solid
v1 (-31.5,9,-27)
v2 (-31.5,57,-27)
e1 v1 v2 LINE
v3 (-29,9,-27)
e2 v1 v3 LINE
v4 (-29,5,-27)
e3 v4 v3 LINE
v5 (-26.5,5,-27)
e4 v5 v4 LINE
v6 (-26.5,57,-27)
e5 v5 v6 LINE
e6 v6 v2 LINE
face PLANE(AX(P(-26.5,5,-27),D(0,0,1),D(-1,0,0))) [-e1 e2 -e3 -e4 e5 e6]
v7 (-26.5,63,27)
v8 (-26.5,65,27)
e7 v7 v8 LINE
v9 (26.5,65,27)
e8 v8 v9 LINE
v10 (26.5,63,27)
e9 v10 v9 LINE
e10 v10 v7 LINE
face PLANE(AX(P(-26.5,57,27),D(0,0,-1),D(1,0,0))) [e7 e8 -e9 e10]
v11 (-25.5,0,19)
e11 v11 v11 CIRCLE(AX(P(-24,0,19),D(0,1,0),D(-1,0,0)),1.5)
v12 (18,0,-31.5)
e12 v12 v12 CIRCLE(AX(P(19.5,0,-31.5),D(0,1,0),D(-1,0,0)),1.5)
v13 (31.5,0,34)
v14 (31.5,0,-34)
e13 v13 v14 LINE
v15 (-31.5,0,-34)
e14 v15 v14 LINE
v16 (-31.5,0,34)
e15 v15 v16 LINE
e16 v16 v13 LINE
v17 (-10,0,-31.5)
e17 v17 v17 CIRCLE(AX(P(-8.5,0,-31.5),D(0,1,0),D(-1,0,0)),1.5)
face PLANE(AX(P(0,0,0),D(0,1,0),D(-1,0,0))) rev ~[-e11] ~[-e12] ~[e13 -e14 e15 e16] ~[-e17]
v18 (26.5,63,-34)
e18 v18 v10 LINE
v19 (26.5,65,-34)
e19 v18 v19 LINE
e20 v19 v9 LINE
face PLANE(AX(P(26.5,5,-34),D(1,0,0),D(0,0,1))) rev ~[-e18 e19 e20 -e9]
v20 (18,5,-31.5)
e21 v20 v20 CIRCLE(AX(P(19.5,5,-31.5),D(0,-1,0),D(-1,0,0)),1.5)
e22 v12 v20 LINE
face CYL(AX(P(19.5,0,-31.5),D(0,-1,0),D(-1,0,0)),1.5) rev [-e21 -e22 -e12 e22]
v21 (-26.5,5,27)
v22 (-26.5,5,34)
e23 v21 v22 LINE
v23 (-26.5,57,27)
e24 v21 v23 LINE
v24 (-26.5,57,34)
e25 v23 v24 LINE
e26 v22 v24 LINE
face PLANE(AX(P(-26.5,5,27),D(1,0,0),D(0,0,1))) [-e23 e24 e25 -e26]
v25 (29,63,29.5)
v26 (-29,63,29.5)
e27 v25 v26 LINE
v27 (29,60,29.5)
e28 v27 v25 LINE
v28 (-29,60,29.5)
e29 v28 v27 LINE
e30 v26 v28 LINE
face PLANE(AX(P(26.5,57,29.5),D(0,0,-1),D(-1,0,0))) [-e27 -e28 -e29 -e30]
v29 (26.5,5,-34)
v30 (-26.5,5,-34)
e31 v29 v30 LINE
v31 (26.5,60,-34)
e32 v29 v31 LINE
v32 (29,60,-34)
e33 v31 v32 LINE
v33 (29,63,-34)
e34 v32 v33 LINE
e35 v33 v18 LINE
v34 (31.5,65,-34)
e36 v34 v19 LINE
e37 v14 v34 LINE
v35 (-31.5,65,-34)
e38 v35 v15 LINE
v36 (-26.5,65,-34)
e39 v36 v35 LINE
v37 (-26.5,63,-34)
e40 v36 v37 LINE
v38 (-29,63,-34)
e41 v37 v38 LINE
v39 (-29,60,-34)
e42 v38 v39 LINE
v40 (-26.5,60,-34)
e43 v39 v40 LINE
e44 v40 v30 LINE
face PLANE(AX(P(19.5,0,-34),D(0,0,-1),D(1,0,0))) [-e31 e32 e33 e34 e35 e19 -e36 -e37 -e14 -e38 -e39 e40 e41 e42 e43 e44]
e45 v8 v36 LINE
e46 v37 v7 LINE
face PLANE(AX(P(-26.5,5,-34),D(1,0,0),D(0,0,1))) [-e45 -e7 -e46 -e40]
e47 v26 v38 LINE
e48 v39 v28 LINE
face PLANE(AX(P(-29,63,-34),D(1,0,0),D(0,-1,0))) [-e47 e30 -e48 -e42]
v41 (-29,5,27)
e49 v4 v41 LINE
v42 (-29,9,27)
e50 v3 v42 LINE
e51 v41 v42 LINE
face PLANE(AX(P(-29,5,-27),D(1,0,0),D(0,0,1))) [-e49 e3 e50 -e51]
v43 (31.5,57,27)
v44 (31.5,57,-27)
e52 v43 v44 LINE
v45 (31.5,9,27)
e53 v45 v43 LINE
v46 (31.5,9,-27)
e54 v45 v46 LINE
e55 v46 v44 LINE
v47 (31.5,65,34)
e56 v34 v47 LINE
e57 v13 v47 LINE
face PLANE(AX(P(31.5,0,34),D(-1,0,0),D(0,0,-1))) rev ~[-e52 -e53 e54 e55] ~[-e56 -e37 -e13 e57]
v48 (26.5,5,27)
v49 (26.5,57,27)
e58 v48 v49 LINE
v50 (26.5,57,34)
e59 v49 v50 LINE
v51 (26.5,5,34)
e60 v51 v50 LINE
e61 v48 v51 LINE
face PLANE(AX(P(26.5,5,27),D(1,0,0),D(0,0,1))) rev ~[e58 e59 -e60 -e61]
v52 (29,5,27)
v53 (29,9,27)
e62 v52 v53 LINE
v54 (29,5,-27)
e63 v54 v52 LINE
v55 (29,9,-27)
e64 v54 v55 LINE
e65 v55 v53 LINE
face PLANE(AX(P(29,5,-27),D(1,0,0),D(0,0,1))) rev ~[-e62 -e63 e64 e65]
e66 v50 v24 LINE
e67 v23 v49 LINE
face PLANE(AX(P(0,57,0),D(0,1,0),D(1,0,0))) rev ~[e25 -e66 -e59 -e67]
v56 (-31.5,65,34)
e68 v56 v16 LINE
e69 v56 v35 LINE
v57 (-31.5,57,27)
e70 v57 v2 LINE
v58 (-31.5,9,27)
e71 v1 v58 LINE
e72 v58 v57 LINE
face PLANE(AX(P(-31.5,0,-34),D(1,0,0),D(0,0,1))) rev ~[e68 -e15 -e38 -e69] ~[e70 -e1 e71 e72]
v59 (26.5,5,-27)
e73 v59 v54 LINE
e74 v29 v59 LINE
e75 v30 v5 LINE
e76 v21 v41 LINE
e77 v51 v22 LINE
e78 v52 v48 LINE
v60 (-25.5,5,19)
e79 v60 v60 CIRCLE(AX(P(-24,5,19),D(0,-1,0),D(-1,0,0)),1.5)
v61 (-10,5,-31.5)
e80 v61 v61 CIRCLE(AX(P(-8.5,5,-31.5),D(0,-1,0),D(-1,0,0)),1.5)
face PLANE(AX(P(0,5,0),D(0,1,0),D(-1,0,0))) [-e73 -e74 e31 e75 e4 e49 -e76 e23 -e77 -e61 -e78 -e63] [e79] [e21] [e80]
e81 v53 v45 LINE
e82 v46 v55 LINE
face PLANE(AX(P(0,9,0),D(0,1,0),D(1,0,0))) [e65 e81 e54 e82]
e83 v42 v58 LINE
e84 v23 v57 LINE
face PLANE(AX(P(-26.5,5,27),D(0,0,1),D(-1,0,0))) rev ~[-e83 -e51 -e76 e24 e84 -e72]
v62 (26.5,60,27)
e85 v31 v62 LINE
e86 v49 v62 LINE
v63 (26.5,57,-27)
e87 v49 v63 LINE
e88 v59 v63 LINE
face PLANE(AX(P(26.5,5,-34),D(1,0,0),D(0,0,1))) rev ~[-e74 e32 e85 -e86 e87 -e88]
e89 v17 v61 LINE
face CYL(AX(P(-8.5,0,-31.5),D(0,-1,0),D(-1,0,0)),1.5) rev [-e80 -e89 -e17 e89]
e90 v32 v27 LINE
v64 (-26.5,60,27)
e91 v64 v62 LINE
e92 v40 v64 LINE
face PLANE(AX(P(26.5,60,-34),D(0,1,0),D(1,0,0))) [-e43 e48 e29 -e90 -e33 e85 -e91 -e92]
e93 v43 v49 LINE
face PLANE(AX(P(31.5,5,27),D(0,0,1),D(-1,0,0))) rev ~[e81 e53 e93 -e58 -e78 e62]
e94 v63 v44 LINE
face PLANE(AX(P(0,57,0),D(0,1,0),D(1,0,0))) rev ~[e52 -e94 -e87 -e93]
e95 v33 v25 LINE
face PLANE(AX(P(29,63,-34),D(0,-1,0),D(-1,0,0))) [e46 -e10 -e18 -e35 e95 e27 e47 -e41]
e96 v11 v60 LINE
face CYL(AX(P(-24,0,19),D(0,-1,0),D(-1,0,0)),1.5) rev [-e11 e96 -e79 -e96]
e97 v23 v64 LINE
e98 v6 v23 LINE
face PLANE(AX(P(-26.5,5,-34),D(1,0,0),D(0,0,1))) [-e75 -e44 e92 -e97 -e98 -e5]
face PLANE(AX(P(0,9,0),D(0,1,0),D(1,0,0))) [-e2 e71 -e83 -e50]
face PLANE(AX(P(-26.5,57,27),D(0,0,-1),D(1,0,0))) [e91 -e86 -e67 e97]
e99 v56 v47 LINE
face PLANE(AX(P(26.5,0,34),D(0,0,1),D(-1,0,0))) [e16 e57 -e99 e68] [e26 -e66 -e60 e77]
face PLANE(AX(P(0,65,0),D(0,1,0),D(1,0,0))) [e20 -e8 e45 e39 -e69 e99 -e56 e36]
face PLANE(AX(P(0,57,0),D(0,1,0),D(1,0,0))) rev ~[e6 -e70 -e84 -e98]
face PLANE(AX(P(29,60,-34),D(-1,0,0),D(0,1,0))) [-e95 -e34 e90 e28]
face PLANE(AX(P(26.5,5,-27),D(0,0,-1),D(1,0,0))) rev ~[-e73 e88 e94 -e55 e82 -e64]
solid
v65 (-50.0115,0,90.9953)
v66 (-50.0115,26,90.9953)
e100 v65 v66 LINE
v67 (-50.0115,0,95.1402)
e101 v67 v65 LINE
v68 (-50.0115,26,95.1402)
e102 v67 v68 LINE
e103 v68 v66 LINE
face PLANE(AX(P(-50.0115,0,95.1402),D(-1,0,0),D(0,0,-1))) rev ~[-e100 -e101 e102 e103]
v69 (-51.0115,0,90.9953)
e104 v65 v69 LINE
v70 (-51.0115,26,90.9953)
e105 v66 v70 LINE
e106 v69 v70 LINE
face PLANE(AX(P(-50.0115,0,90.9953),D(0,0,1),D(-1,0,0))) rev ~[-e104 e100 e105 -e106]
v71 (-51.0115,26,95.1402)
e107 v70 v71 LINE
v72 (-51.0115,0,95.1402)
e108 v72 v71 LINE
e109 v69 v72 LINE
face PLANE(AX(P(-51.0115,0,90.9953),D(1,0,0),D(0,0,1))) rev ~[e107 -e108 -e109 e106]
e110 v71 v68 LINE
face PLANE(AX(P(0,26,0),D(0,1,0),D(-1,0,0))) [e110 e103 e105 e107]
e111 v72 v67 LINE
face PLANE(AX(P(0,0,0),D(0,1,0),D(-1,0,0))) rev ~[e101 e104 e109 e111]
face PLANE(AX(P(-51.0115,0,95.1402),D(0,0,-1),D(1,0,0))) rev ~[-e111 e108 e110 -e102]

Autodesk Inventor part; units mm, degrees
ref_plane "YZ Plane" through (0, 0, 0) normal (1, 0, 0) x (0, 1, 0)
ref_plane "XZ Plane" through (0, 0, 0) normal (0, 1, 0) x (-1, 0, 0)
ref_plane "XY Plane" through (0, 0, 0) normal (0, 0, 1) x (1, 0, 0)
sketch "Sketch1" plane through (0, 0, 0) normal (0, 1, 0) x (-1, 0, 0)
  line L0 (-26.5, 34) -> (26.5, 34)
  line L1 (26.5, 34) -> (26.5, -34)
  line L2 (26.5, -34) -> (-26.5, -34)
  line L3 (-26.5, -34) -> (-26.5, 34)
  line L4 (-26.5, 34) -> (26.5, -34) construction
  line L5 (26.5, 34) -> (-26.5, -34) construction
  line L6 (26.5, 34) -> (26.5, 19)
  line L7 (-26.5, -34) -> (-19.5, -34)
  line L8 (-26.5, -34) -> (8.5, -34)
  circle A0 centre (8.5, -31.5) radius 1.5
  circle A1 centre (-19.5, -31.5) radius 1.5
  line L9 (-19.5, -33) -> (-19.5, -34)
  line L10 (8.5, -33) -> (8.5, -34)
  circle A2 centre (-19.5, -31.5) radius 1.5
  circle A3 centre (24, 19) radius 1.5
  line L11 (25.5, 19) -> (26.5, 19)
  line L12 (26.5, 19) -> (25.5, 19)
  line L13 (24, 19) -> (0, 19)
  line L14 (0, 19) -> (0, 0)
  line L15 (0, 0) -> (8.5, -31.5)
  line L16 (8.5, -31.5) -> (0, -31.5)
  line L17 (-19.5, -31.5) -> (-19.5, 0)
  line L18 (-19.5, 0) -> (0, 0)
  line L19 (26.5, 34) -> (31.5, 34)
  line L20 (-31.5, -34) -> (31.5, -34)
  line L21 (31.5, -34) -> (31.5, 34)
  line L22 (31.5, 34) -> (-31.5, 34)
  line L23 (-31.5, 34) -> (-31.5, -34)
  line L24 (-31.5, -34) -> (31.5, 34) construction
  line L25 (31.5, -34) -> (-31.5, 34) construction
  dimension "d5" = 3
  dimension "d6" = 3
  dimension "d7" = 3
  dimension "d0" = 53
  dimension "d1" = 68
  dimension "d2" = 15
  dimension "d3" = 7
  dimension "d4" = 35
  dimension "d8" = 1
  dimension "d9" = 1
  dimension "d10" = 5
extrude "Extrusion1" add sketch "Sketch1" along normal blind 5 contours L0 L1 L11 A3 L13 L14 L18 L17 A1 L9 L2 L3 | L3 L20 L23 L22 | L19 L21 L20 L1 | L1 L2 L10 A0 L15 L14 L13 A3 L11 | L9 A1 L17 L18 L15 A0 L10 L2
sketch "Sketch2" plane through (0, 0, 0) normal (0, 1, 0) x (-1, 0, 0)
  line L0 (51.0115, 95.1402) -> (50.0115, 95.1402)
  line L1 (50.0115, 95.1402) -> (50.0115, 90.9953)
  line L2 (50.0115, 90.9953) -> (51.0115, 90.9953)
  line L3 (51.0115, 90.9953) -> (51.0115, 95.1402)
  point P0 (0, 0)
  dimension "d13" = 1
extrude "Extrusion2" add sketch "Sketch2" along normal blind 26
sketch "Sketch3" plane through (0, 5, 0) normal (0, 1, 0) x (1, 0, 0)
  line L0 (31.5, -34) -> (-31.5, -34)
  line L1 (-31.5, -34) -> (-31.5, 34)
  line L2 (-31.5, 34) -> (31.5, 34)
  line L3 (31.5, 34) -> (31.5, -34)
  line L4 (31.5, -34) -> (-31.5, 34) construction
  line L5 (-31.5, -34) -> (31.5, 34) construction
  line L6 (-31.5, -34) -> (31.5, -34) projected
  line L7 (-31.5, 34) -> (-26.5, 34)
  line L8 (-26.5, 34) -> (-26.5, -34)
  line L9 (-26.5, -34) -> (-31.5, -34)
  line L10 (-31.5, -34) -> (-31.5, 34)
  line L11 (31.5, -34) -> (31.5, 34) projected
  line L12 (31.5, 34) -> (26.5, 34)
  line L13 (26.5, 34) -> (26.5, -34)
  line L14 (26.5, -34) -> (31.5, -34)
  line L15 (31.5, -34) -> (31.5, 34)
  line L16 (-31.5, -34) -> (-26.5, -34)
  line L17 (-26.5, -34) -> (-26.5, -27)
  line L18 (-26.5, -27) -> (-31.5, -27)
  line L19 (-31.5, -27) -> (-31.5, -34)
  line L20 (-31.5, 34) -> (-26.5, 34)
  line L21 (-26.5, 34) -> (-26.5, 27)
  line L22 (-26.5, 27) -> (-31.5, 27)
  line L23 (-31.5, 27) -> (-31.5, 34)
  line L24 (31.5, 34) -> (26.5, 34)
  line L25 (26.5, 34) -> (26.5, 27)
  line L26 (26.5, 27) -> (31.5, 27)
  line L27 (31.5, 27) -> (31.5, 34)
  line L28 (26.5, -34) -> (31.5, -34)
  line L29 (31.5, -34) -> (31.5, -27)
  line L30 (31.5, -27) -> (26.5, -27)
  line L31 (26.5, -27) -> (26.5, -34)
  point P0 (0, 0)
  dimension "d16" = 5
  dimension "d17" = 5
  dimension "d18" = 5
  dimension "d19" = 7
  dimension "d20" = 5
  dimension "d21" = 7
  dimension "d22" = 5
  dimension "d23" = 7
  dimension "d24" = 5
  dimension "d25" = 7
extrude "Extrusion3" add sketch "Sketch3" along normal blind 52 contours L0 L13 L30 L3 | L0 L1 L18 L8 | L26 L13 L2 L3 | L22 L1 L2 L8
sketch "Sketch4" plane through (0, 5, 0) normal (0, 1, 0) x (1, 0, 0)
  line L0 (-31.5, 27) -> (-31.5, -27) projected
  line L1 (-26.5, -27) -> (-26.5, -34) projected
  line L2 (-31.5, 27) -> (-26.5, 27)
  line L3 (-26.5, 27) -> (-26.5, -27)
  line L4 (-26.5, -27) -> (-31.5, -27)
  line L5 (-31.5, -27) -> (-31.5, 27)
  line L6 (31.5, -27) -> (31.5, 27) projected
  line L7 (31.5, 27) -> (26.5, 27)
  line L8 (26.5, 27) -> (26.5, -27)
  line L9 (26.5, -27) -> (31.5, -27)
  line L10 (31.5, -27) -> (31.5, 27)
  line L11 (31.5, -27) -> (26.5, -27) projected
  line L12 (31.5, 27) -> (29, 27)
  line L13 (29, 27) -> (29, -27)
  line L14 (29, -27) -> (31.5, -27)
  line L15 (31.5, -27) -> (31.5, 27)
  line L16 (-26.5, -27) -> (-31.5, -27) projected
  line L17 (-31.5, 27) -> (-29, 27)
  line L18 (-29, 27) -> (-29, -27)
  line L19 (-29, -27) -> (-31.5, -27)
  line L20 (-31.5, -27) -> (-31.5, 27)
  point P0 (0, 0)
extrude "Extrusion4" add sketch "Sketch4" along normal blind 4 contours L2 L18 L4 L0 | L9 L13 L7 L6
sketch "Sketch5" plane through (0, 57, 0) normal (0, 1, 0) x (1, 0, 0)
  line L0 (31.5, 34) -> (-31.5, 34) projected
  line L1 (-26.5, -34) -> (-26.5, -27) projected
  line L2 (-31.5, 34) -> (-26.5, 34)
  line L3 (-26.5, 34) -> (-26.5, -34)
  line L4 (-26.5, -34) -> (-31.5, -34)
  line L5 (-31.5, -34) -> (-31.5, 34)
  line L6 (-26.5, -27) -> (31.5, -27)
  line L7 (31.5, -27) -> (31.5, -34)
  line L8 (31.5, -34) -> (-26.5, -34)
  line L9 (-26.5, -34) -> (-26.5, -27)
  line L10 (26.5, -27) -> (26.5, -34) projected
  line L11 (26.5, -27) -> (31.5, -27)
  line L12 (31.5, -27) -> (31.5, 34)
  line L13 (31.5, 34) -> (26.5, 34)
  line L14 (26.5, 34) -> (26.5, -27)
  line L15 (-26.5, 27) -> (-26.5, 34) projected
  line L16 (-26.5, 34) -> (-26.5, 27)
  line L17 (26.5, 27) -> (26.5, 34)
  point P0 (0, 0)
extrude "Extrusion5" add sketch "Sketch5" along normal blind 8 contours L12 L6 L14 L0 | L7 L8 L10 L6 | L3 L1 L4 L5 L0 | L10 L8 L1 L6
sketch "Sketch6" plane through (31.5, 0, -34) normal (0, 0, -1) x (-1, 0, 0)
  line L0 (0, 0) -> (0, 65) projected
  line L1 (5, 5) -> (5, 57) projected
  line L2 (0, 65) -> (5, 65)
  line L3 (5, 63) -> (5, 60)
  line L4 (5, 57) -> (0, 57)
  line L5 (0, 57) -> (0, 65)
  line L6 (58, 5) -> (58, 57) projected
  line L7 (63, 0) -> (63, 65) projected
  line L8 (58, 57) -> (63, 57)
  line L9 (63, 57) -> (63, 65)
  line L10 (63, 65) -> (58, 65)
  line L11 (58, 65) -> (58, 57)
  line L12 (5, 57) -> (5, 60)
  line L13 (5, 5) -> (5, 65) projected
  line L14 (5, 60) -> (2.5, 60)
  line L15 (2.5, 60) -> (2.5, 63)
  line L16 (2.5, 63) -> (5, 63)
  line L17 (58, 57) -> (5, 57) projected
  line L18 (58, 57) -> (60.5, 57)
  line L19 (63, 57) -> (58, 57) projected
  line L20 (60.5, 60) -> (58, 60)
  line L21 (58, 5) -> (58, 65) projected
  line L22 (58, 60) -> (58, 63)
  line L23 (58, 63) -> (60.5, 63)
  line L24 (60.5, 63) -> (60.5, 60)
  line L25 (5, 63) -> (5, 60)
  point P0 (31.5, 0)
  point P1 (59.25, 63)
  point P2 (59.25, 60)
  dimension "d32" = 3
  dimension "d33" = 3
extrude "Extrusion6" cut sketch "Sketch6" against normal up to surface (61 mm away) contours L14 L15 L16 L3 | L11 L23 L24 L20
sketch "Sketch7" plane through (26.5, 57, 27) normal (0, 0, -1) x (-1, 0, 0)
  line L0 (-2.5, 3) -> (-2.5, 6) projected
  line L1 (55.5, 3) -> (53, 3) projected
  line L2 (-2.5, 6) -> (55.5, 6)
  line L3 (55.5, 6) -> (55.5, 3)
  line L4 (55.5, 3) -> (-2.5, 3)
  line L5 (-2.5, 3) -> (-2.5, 6)
  point P0 (26.5, -57)
extrude "Extrusion7" cut sketch "Sketch7" against normal blind 2.5
properties part number "Frame_+_Slide_Top"
